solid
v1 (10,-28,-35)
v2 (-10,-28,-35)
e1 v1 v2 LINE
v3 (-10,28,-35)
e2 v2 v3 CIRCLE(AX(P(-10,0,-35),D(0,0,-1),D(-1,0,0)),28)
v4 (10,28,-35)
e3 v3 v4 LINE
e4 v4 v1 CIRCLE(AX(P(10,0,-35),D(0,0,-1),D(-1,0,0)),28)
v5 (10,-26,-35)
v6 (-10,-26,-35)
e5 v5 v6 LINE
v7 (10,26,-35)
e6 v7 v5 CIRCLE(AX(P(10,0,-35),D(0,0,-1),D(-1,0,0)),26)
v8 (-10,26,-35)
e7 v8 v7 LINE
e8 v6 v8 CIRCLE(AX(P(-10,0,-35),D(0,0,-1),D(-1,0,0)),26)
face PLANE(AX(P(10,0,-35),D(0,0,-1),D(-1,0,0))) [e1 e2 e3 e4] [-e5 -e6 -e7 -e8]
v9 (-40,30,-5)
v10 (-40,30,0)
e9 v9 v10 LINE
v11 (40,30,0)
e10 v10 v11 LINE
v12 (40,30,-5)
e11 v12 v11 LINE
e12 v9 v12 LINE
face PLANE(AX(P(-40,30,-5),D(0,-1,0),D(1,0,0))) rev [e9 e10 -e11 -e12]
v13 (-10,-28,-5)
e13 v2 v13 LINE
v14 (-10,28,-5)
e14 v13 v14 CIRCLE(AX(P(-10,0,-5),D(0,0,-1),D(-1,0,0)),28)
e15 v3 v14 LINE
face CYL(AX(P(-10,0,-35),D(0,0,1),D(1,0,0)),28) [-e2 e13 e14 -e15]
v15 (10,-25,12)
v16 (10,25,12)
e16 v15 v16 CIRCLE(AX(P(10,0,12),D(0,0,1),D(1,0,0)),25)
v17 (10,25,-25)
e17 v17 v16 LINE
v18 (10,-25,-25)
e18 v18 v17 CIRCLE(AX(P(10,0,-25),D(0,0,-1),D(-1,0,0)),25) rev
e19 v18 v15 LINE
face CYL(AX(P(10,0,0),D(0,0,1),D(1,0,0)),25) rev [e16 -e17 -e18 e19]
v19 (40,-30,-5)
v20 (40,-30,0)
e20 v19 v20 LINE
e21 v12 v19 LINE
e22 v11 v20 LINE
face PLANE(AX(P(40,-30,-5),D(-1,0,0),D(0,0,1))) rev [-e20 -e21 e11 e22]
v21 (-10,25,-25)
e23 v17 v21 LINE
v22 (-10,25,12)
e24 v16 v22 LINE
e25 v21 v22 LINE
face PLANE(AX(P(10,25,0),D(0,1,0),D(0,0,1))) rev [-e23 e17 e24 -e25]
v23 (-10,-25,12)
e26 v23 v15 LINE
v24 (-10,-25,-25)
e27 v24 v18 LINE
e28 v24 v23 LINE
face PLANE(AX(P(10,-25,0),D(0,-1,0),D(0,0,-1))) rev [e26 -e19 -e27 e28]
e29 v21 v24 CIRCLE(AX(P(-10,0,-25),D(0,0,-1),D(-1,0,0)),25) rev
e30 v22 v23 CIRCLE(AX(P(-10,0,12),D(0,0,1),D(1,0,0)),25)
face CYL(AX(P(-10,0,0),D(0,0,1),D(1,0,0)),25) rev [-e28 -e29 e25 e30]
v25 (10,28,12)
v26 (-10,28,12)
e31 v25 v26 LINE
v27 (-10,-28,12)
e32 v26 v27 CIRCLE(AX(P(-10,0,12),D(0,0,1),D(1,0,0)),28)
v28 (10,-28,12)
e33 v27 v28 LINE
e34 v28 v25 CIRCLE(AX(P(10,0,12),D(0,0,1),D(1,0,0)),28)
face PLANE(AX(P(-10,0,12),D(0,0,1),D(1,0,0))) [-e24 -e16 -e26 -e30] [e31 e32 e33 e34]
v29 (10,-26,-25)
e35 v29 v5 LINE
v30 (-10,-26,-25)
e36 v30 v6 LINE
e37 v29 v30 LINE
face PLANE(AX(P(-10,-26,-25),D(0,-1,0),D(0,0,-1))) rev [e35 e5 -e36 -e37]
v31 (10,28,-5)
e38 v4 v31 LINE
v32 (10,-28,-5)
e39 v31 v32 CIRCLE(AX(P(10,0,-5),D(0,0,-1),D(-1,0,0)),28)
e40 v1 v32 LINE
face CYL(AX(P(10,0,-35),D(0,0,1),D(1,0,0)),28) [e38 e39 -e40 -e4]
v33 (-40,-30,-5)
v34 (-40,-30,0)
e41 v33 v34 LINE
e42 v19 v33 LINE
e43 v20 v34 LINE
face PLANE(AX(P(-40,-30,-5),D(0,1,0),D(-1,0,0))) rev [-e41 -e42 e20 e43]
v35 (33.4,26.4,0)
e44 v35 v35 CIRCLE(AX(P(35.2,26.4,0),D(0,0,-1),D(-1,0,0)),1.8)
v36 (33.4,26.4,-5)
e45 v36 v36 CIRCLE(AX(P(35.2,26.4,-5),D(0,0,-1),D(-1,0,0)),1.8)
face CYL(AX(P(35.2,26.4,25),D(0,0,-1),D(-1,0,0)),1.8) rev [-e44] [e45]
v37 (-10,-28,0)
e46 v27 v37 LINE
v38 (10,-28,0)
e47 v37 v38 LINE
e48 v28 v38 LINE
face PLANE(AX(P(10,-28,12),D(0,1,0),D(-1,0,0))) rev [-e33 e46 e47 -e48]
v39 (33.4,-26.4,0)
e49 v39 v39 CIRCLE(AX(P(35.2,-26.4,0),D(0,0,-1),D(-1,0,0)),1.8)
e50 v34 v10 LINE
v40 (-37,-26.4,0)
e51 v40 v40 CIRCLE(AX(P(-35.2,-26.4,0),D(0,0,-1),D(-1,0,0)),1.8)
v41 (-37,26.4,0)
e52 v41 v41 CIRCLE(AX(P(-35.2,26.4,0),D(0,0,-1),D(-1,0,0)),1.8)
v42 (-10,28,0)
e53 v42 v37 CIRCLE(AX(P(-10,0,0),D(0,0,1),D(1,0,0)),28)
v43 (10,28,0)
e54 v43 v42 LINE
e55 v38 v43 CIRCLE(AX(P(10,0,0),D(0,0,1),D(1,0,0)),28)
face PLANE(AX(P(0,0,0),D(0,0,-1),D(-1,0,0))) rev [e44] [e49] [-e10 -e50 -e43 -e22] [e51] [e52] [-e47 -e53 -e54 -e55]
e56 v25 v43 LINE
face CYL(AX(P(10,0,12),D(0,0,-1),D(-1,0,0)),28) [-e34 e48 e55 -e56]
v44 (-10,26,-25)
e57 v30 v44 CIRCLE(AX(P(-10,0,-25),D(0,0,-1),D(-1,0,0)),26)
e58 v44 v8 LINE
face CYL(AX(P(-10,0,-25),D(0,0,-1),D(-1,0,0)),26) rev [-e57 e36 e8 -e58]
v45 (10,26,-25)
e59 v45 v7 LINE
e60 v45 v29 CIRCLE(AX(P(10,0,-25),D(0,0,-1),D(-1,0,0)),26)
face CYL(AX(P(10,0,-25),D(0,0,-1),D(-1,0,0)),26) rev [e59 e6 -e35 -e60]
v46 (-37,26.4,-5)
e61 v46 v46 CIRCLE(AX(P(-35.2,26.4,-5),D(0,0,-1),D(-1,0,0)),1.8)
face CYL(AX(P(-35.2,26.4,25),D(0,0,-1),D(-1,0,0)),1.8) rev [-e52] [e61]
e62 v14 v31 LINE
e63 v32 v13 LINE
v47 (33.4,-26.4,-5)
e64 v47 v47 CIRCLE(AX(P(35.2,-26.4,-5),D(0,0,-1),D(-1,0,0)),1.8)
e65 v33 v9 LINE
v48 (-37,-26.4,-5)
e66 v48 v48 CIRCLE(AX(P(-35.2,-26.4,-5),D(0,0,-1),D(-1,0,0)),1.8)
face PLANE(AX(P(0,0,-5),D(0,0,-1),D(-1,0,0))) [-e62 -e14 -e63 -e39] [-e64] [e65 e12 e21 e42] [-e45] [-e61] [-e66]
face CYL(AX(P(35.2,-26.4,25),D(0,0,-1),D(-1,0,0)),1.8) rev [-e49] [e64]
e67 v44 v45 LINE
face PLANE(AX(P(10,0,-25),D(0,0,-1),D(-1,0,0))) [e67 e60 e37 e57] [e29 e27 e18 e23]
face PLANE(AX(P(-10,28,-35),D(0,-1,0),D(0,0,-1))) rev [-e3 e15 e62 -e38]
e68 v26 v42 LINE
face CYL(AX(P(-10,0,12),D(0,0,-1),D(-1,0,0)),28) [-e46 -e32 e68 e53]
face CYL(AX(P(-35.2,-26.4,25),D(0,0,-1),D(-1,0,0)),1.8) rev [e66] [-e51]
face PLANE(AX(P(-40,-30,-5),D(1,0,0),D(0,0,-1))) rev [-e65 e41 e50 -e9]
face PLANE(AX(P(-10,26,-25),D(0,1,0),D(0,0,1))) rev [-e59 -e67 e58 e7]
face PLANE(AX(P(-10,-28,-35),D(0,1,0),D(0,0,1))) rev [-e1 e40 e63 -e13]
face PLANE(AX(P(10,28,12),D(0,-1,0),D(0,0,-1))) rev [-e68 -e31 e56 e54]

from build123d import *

# Parameters (mm, degrees)
BOSS_EXTRUDE3_DEPTH = 12
CUT_EXTRUDE1_DEPTH  = 12
SKETCH7_W           = 80
SKETCH7_H           = 60
BOSS_EXTRUDE4_DEPTH = 5
BOSS_EXTRUDE5_DEPTH = 30
SKETCH10_R          = 1.8
CUT_EXTRUDE2_DEPTH  = 30
CUT_EXTRUDE3_DEPTH  = 10


with BuildPart() as part:
    # Sketch5 → Boss-Extrude3 (new body)
    with BuildSketch(Plane.XY):
        with BuildLine():
            Line((10, -28), (-10, -28))
            ThreePointArc((-10, -28), (-38, 0), (-10, 28))
            Line((-10, 28), (10, 28))
            ThreePointArc((10, 28), (38, 0), (10, -28))
        make_face()
    extrude(amount=BOSS_EXTRUDE3_DEPTH)

    # Sketch6 → Cut-Extrude1 (cut)
    with BuildSketch(Plane.XY.offset(12)):
        with BuildLine():
            Line((10, -25), (-10, -25))
            ThreePointArc((-10, -25), (-35, 0), (-10, 25))
            Line((-10, 25), (10, 25))
            ThreePointArc((10, 25), (35, 0), (10, -25))
        make_face()
    extrude(amount=-CUT_EXTRUDE1_DEPTH, mode=Mode.SUBTRACT)

    # Sketch7 → Boss-Extrude4 (add)
    with BuildSketch(Plane(origin=(0, 0, 0), x_dir=(-1, 0, 0), z_dir=(0, 0, -1))):
        Rectangle(SKETCH7_W, SKETCH7_H)
        with BuildLine():
            Line((10, -25), (-10, -25))
            ThreePointArc((-10, -25), (-35, 0), (-10, 25))
            Line((-10, 25), (10, 25))
            ThreePointArc((10, 25), (35, 0), (10, -25))
        make_face(mode=Mode.SUBTRACT)
    extrude(amount=BOSS_EXTRUDE4_DEPTH)

    # Sketch9 → Boss-Extrude5 (add)
    with BuildSketch(Plane(origin=(0, 0, -5), x_dir=(-1, 0, 0), z_dir=(0, 0, -1))):
        with BuildLine():
            Line((10, -28), (-10, -28))
            ThreePointArc((-10, -28), (-38, 0), (-10, 28))
            Line((-10, 28), (10, 28))
            ThreePointArc((10, 28), (38, 0), (10, -28))
        make_face()
        with BuildLine():
            Line((10, -25), (-10, -25))
            ThreePointArc((-10, -25), (-35, 0), (-10, 25))
            Line((-10, 25), (10, 25))
            ThreePointArc((10, 25), (35, 0), (10, -25))
        make_face(mode=Mode.SUBTRACT)
    extrude(amount=BOSS_EXTRUDE5_DEPTH)

    # Sketch10 → Cut-Extrude2 (cut)
    with BuildSketch(Plane(origin=(0, 0, -5), x_dir=(-1, 0, 0), z_dir=(0, 0, -1))):
        with Locations((-35.2, 26.4)):
            Circle(SKETCH10_R)
        with Locations((35.2, 26.4)):
            Circle(SKETCH10_R)
        with Locations((35.2, -26.4)):
            Circle(SKETCH10_R)
        with Locations((-35.2, -26.4)):
            Circle(SKETCH10_R)
    extrude(amount=-CUT_EXTRUDE2_DEPTH, mode=Mode.SUBTRACT)

    # Sketch11 → Cut-Extrude3 (cut)
    with BuildSketch(Plane(origin=(0, 0, -35), x_dir=(-1, 0, 0), z_dir=(0, 0, -1))):
        with BuildLine():
            Line((10, -26), (-10, -26))
            ThreePointArc((-10, -26), (-36, 0), (-10, 26))
            Line((-10, 26), (10, 26))
            ThreePointArc((10, 26), (36, 0), (10, -26))
        make_face()
    extrude(amount=-CUT_EXTRUDE3_DEPTH, mode=Mode.SUBTRACT)


solid = part.part
